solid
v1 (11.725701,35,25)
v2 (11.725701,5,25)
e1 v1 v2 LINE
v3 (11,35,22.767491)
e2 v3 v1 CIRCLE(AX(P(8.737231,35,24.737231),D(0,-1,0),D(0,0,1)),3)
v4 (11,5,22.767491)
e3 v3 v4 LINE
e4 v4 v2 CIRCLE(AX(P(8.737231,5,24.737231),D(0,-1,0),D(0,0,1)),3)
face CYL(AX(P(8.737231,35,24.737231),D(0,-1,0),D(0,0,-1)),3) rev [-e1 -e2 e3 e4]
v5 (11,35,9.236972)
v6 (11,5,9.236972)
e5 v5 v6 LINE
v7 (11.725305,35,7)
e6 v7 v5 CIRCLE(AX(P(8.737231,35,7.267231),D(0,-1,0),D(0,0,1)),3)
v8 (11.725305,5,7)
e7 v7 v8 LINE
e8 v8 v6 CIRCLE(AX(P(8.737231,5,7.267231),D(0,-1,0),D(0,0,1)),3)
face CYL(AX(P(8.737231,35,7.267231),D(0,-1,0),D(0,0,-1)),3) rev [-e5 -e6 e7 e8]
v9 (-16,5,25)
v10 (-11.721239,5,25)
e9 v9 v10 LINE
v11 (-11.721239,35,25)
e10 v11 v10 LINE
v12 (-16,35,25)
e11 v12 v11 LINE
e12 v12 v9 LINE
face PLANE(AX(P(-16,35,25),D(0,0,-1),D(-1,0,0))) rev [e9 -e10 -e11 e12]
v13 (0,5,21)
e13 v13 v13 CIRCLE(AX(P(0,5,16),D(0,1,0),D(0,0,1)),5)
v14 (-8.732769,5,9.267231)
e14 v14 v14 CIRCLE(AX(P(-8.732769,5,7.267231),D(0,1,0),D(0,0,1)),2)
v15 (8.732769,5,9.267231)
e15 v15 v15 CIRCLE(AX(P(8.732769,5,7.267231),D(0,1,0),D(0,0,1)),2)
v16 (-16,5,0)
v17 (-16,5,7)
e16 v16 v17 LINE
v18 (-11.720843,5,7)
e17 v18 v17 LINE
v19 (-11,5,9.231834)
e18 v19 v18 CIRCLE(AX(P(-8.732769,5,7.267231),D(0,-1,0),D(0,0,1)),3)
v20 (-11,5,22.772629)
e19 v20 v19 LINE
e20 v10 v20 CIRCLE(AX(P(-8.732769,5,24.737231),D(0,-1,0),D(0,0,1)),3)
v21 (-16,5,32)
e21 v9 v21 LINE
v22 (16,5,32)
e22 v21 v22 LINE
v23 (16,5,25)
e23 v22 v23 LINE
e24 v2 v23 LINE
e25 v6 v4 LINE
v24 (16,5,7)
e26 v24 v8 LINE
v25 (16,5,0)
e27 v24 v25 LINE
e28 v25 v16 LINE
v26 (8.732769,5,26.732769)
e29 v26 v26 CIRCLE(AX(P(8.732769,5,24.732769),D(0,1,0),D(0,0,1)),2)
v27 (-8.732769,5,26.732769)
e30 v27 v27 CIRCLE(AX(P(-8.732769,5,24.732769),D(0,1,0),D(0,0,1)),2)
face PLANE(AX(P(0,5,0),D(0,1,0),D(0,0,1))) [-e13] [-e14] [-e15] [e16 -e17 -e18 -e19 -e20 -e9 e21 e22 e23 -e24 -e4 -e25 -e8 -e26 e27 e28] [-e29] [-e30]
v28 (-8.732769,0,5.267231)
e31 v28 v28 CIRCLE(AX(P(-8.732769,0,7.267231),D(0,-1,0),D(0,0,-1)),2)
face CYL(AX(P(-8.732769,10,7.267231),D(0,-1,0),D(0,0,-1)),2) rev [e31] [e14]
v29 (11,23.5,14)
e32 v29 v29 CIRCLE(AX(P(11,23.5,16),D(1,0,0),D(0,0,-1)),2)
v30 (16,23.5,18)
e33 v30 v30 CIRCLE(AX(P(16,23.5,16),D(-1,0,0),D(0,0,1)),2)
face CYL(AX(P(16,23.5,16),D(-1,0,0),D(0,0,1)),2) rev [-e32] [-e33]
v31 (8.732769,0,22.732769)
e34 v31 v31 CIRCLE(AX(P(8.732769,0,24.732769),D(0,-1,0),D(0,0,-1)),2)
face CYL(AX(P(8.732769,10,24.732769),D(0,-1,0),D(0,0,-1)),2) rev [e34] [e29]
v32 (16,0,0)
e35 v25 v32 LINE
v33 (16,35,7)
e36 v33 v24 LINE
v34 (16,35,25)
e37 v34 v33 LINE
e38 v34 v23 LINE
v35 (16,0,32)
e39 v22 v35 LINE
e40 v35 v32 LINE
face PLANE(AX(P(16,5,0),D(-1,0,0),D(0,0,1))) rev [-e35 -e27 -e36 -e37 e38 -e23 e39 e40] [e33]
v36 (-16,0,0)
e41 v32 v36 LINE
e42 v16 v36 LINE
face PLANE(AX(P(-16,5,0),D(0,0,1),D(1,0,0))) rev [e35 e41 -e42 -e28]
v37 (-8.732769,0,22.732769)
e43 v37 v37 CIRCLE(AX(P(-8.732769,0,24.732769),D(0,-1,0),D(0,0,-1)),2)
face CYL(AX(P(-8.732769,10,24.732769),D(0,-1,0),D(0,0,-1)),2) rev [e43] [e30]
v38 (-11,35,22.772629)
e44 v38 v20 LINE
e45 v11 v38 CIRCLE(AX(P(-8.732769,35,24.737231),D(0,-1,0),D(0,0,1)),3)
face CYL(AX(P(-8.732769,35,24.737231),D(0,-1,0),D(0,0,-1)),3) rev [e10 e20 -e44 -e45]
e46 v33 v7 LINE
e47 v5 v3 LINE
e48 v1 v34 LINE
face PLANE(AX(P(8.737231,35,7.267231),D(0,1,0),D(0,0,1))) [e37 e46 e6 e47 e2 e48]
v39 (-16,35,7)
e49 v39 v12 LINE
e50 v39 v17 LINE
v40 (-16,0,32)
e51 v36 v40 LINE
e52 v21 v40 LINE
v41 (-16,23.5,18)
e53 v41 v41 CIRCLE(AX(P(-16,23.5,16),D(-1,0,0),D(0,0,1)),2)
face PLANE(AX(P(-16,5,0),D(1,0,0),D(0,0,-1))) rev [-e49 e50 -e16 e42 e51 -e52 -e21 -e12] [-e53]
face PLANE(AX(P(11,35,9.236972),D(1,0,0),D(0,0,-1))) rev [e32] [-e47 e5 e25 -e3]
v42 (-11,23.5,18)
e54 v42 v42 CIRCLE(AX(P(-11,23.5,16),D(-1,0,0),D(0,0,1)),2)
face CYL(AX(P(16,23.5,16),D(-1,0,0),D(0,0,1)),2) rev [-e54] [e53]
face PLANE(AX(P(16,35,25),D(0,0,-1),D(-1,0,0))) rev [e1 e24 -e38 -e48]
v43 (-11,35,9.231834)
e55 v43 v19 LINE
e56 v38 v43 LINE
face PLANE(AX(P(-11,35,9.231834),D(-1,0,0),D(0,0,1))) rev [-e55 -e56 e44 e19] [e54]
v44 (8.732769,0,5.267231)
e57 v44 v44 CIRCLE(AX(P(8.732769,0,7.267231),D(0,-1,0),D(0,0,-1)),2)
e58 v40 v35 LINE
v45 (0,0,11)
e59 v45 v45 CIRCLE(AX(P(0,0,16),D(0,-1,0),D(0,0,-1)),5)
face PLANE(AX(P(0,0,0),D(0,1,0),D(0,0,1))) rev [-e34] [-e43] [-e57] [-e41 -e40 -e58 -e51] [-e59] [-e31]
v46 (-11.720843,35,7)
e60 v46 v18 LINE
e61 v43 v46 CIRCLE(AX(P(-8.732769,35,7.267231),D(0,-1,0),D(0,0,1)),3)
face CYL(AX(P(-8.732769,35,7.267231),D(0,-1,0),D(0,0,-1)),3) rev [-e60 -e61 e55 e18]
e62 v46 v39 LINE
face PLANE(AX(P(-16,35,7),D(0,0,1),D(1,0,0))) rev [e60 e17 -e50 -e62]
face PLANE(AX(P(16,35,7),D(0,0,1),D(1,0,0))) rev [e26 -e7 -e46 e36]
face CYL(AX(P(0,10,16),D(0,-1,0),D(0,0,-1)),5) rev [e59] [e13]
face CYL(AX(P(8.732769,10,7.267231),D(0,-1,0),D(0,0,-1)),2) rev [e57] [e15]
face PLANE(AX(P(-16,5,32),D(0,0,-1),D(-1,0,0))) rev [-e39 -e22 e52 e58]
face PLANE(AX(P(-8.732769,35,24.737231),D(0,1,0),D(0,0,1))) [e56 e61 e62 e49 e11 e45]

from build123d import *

# Parameters (mm, degrees)
SKETCH1_W           = 32
SKETCH1_H           = 32
BOSS_EXTRUDE1_DEPTH = 5
BOSS_EXTRUDE2_DEPTH = 30
SKETCH3_R           = 5
SKETCH3_R_2         = 2
CUT_EXTRUDE1_DEPTH  = 10
SKETCH4_R           = 2
CUT_EXTRUDE2_DEPTH  = 58.210138962


with BuildPart() as part:
    # Sketch1 → Boss-Extrude1 (new body)
    with BuildSketch(Plane(origin=(0, 0, 0), x_dir=(1, 0, 0), z_dir=(0, 1, 0))):
        with Locations((0, -16)):
            Rectangle(SKETCH1_W, SKETCH1_H)
    extrude(amount=BOSS_EXTRUDE1_DEPTH)

    # Sketch2 → Boss-Extrude2 (add)
    with BuildSketch(Plane(origin=(0, 5, 0), x_dir=(1, 0, 0), z_dir=(0, 1, 0))):
        with BuildLine():
            Line((-16, -7), (-11.720842953, -7))
            ThreePointArc((-11.720842953, -7), (-11.587559316, -8.18927833), (-11, -9.231833616))
            Line((-11, -9.231833616), (-11, -22.772628888))
            ThreePointArc((-11, -22.772628888), (-11.586870055, -23.813052847), (-11.721238688, -25))
            Line((-11.721238688, -25), (-16, -25))
            Line((-16, -25), (-16, -7))
        make_face()
        with BuildLine():
            Line((16, -25), (11.725701193, -25))
            ThreePointArc((11.725701193, -25), (11.590282481, -23.809816196), (11, -22.767490763))
            Line((11, -22.767490763), (11, -9.236971742))
            ThreePointArc((11, -9.236971742), (11.590974158, -8.192515764), (11.725305458, -7))
            Line((11.725305458, -7), (16, -7))
            Line((16, -7), (16, -25))
        make_face()
    extrude(amount=BOSS_EXTRUDE2_DEPTH)

    # Sketch3 → Cut-Extrude1 (cut)
    with BuildSketch(Plane.XZ):
        with Locations(Location((0, 16, 0), (0, 0, 270))):
            Circle(SKETCH3_R)
        with Locations(Location((-8.732768748, 7.267231252, 0), (0, 0, 270))):
            Circle(SKETCH3_R_2)
        with Locations(Location((-8.732768748, 24.732768748, 0), (0, 0, 270))):
            Circle(SKETCH3_R_2)
        with Locations(Location((8.732768748, 24.732768748, 0), (0, 0, 270))):
            Circle(SKETCH3_R_2)
        with Locations(Location((8.732768748, 7.267231252, 0), (0, 0, 270))):
            Circle(SKETCH3_R_2)
    extrude(amount=-CUT_EXTRUDE1_DEPTH, mode=Mode.SUBTRACT)

    # Sketch4 → Cut-Extrude2 (cut, through all)
    with BuildSketch(Plane.ZY.offset(16)):
        with Locations((16, 23.5)):
            Circle(SKETCH4_R)
    extrude(amount=-CUT_EXTRUDE2_DEPTH, mode=Mode.SUBTRACT)


solid = part.part
